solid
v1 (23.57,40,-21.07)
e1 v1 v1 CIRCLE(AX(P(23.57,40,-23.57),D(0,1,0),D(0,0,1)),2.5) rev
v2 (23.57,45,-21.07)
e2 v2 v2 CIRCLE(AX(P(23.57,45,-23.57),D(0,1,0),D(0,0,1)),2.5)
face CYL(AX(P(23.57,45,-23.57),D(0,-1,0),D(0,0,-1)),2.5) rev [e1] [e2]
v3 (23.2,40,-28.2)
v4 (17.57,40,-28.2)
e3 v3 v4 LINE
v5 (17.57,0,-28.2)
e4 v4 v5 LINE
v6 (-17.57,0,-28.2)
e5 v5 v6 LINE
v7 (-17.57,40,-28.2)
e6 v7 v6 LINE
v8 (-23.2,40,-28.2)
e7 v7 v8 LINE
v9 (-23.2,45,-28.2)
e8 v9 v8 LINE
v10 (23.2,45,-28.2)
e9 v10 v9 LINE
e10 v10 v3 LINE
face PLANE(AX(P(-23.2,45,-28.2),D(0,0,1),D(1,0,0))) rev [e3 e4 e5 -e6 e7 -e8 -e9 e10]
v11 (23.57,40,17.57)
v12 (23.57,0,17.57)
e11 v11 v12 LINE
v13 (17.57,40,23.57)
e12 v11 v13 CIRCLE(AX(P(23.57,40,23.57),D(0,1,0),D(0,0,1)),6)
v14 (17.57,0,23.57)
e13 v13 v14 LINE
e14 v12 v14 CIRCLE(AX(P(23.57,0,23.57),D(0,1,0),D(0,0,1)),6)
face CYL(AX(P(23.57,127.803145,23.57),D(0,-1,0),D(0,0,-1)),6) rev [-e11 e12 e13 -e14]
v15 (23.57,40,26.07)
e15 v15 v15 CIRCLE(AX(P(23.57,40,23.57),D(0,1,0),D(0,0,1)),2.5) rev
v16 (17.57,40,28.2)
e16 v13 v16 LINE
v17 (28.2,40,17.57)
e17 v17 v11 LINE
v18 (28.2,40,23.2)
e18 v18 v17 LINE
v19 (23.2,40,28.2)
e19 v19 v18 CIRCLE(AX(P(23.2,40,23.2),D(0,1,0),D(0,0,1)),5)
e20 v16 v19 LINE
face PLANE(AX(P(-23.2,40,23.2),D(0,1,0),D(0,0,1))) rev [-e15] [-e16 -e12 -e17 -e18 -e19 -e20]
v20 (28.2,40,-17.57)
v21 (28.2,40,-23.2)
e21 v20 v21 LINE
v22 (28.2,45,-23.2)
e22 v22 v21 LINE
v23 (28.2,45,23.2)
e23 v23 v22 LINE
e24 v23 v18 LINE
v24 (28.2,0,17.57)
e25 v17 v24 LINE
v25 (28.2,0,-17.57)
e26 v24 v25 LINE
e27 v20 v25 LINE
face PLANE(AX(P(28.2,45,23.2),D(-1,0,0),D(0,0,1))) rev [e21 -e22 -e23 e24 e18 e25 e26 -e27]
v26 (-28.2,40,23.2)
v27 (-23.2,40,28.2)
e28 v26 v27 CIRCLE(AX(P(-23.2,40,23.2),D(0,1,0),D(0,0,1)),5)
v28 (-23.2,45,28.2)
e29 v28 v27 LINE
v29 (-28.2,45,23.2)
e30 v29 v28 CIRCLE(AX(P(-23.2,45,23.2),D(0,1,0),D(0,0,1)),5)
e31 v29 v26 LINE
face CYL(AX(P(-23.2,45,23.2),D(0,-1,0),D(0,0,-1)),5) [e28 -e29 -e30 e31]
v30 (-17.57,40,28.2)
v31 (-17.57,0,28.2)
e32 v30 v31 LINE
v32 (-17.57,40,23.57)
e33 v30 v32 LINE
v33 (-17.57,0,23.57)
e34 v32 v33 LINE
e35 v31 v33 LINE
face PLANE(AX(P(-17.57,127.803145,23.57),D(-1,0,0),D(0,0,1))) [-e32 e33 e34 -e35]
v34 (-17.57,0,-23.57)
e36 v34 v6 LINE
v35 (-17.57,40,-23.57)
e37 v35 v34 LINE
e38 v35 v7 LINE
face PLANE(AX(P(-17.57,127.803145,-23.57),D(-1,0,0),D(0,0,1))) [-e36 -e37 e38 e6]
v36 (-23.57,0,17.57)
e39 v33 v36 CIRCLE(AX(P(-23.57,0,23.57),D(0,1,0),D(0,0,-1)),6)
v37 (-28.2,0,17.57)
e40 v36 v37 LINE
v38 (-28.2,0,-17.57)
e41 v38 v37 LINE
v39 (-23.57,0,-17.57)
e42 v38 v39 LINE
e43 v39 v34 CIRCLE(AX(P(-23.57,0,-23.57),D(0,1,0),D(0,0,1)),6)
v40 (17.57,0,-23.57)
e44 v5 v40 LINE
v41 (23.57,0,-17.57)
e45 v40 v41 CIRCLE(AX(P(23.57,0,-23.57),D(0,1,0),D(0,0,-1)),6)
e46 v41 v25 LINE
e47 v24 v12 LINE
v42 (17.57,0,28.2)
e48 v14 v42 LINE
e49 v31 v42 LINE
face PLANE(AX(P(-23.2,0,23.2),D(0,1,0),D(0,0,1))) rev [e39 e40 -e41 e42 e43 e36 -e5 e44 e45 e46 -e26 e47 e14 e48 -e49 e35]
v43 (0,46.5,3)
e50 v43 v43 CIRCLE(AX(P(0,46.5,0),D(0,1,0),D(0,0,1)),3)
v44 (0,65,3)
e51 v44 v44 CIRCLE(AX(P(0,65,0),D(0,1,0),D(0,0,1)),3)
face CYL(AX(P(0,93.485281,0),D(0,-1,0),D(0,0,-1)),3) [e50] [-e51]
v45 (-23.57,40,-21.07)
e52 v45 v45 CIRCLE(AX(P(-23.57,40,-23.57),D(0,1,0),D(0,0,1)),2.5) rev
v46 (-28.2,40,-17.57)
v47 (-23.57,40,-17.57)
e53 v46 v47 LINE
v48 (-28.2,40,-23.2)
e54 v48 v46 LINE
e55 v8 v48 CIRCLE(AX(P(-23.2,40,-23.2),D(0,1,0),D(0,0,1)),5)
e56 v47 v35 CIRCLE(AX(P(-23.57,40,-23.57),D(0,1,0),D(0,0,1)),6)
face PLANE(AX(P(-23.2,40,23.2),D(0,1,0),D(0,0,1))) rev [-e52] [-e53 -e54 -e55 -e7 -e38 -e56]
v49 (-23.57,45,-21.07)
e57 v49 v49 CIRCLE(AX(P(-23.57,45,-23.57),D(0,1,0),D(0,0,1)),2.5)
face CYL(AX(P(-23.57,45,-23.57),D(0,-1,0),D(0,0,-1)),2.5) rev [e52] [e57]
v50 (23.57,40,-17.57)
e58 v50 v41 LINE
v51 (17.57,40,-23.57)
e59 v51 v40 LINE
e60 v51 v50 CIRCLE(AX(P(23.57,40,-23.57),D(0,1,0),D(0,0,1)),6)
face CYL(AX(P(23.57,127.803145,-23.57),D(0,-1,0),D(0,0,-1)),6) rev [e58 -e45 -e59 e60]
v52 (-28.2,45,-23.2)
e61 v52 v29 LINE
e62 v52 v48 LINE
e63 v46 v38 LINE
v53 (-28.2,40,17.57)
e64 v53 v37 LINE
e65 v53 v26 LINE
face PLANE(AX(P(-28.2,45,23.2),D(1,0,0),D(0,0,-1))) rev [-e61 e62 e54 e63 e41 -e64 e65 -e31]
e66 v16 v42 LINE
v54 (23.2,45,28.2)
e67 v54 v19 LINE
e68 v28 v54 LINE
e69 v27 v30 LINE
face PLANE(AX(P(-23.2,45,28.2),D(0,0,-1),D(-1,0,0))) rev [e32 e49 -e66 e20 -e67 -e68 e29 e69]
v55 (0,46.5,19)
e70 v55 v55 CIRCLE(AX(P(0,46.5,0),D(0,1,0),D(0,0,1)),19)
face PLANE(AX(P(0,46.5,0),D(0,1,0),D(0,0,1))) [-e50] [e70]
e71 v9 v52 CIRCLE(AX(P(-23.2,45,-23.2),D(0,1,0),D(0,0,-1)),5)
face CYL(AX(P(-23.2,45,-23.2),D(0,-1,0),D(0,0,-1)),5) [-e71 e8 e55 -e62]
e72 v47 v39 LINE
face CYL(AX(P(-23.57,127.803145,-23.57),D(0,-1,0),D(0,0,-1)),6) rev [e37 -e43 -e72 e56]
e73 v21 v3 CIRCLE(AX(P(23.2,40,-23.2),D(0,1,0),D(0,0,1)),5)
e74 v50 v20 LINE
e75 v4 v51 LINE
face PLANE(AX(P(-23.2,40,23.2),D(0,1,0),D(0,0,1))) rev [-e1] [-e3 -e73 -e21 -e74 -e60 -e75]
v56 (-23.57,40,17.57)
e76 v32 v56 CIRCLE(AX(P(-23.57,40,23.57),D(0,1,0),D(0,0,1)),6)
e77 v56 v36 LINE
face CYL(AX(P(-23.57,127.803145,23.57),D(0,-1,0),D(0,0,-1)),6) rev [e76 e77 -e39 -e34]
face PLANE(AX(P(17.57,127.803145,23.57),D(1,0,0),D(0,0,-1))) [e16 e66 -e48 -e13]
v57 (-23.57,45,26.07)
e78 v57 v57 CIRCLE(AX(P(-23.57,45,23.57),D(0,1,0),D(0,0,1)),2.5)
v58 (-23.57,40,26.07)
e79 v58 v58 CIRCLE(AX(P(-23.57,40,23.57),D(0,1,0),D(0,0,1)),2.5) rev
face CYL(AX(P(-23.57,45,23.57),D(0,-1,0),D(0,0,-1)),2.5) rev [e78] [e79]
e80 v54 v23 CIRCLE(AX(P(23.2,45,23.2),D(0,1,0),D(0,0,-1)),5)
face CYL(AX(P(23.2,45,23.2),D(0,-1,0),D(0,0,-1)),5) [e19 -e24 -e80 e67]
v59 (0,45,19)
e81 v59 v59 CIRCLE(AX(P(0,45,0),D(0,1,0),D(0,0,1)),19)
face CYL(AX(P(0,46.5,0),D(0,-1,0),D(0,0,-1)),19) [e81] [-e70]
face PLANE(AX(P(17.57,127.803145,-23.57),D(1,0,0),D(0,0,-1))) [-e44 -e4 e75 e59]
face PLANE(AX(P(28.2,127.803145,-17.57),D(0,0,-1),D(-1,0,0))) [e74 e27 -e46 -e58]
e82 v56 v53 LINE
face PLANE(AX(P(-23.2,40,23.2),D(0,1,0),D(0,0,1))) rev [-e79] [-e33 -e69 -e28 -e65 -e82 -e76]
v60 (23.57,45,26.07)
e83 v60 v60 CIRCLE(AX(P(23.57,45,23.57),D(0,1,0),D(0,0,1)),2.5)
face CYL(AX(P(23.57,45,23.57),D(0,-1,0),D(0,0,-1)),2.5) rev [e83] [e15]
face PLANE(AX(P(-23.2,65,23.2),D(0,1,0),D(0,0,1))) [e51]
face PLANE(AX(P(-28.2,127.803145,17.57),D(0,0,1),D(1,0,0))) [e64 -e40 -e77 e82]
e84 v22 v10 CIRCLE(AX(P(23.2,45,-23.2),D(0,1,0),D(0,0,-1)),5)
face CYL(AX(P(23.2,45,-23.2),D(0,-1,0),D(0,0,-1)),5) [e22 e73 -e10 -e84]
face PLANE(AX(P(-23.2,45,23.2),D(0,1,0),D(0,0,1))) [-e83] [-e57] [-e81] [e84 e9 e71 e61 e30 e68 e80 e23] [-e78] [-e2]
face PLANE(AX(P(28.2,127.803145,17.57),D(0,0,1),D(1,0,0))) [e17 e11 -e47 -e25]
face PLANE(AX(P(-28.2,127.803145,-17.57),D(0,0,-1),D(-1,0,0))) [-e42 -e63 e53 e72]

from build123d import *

# Parameters (mm, degrees)
BOSS_EXTRUDE1_DEPTH     = 45
SKETCH3_OUTSIDE_W       = 76.716
SKETCH3_OUTSIDE_H       = 76.716
CUT_EXTRUDE1_DEPTH      = 40
SKETCH4_R               = 2.5
CUT_EXTRUDE3_DEPTH      = 46
CUT_EXTRUDE3_DEPTH_BACK = 1
SKETCH5_R               = 19
BOSS_EXTRUDE2_DEPTH     = 1.5
SKETCH6_R               = 3
BOSS_EXTRUDE3_DEPTH     = 18.5


with BuildPart() as part:
    # Sketch2 → Boss-Extrude1 (new body)
    with BuildSketch(Plane(origin=(0, 0, 0), x_dir=(1, 0, 0), z_dir=(0, 1, 0))):
        with BuildLine():
            Line((-28.2, -23.2), (-28.2, 23.2))
            ThreePointArc((-28.2, 23.2), (-26.735533906, 26.735533906), (-23.2, 28.2))
            Line((-23.2, 28.2), (23.2, 28.2))
            ThreePointArc((23.2, 28.2), (26.735533906, 26.735533906), (28.2, 23.2))
            Line((28.2, 23.2), (28.2, -23.2))
            ThreePointArc((28.2, -23.2), (26.735533906, -26.735533906), (23.2, -28.2))
            Line((23.2, -28.2), (-23.2, -28.2))
            ThreePointArc((-23.2, -28.2), (-26.735533906, -26.735533906), (-28.2, -23.2))
        make_face()
    extrude(amount=BOSS_EXTRUDE1_DEPTH)

    # Sketch3 outside → Cut-Extrude1 (cut)
    with BuildSketch(Plane.XZ):
        Rectangle(SKETCH3_OUTSIDE_W, SKETCH3_OUTSIDE_H)
        with BuildLine():
            Line((-28.2, 17.57), (-23.57, 17.57))
            ThreePointArc((-23.57, 17.57), (-19.327359313, 19.327359313), (-17.57, 23.57))
            Line((-17.57, 23.57), (-17.57, 28.2))
            Line((-17.57, 28.2), (17.57, 28.2))
            Line((17.57, 28.2), (17.57, 23.57))
            ThreePointArc((17.57, 23.57), (19.327359313, 19.327359313), (23.57, 17.57))
            Line((23.57, 17.57), (28.2, 17.57))
            Line((28.2, 17.57), (28.2, -17.57))
            Line((28.2, -17.57), (23.57, -17.57))
            ThreePointArc((23.57, -17.57), (19.327359313, -19.327359313), (17.57, -23.57))
            Line((17.57, -23.57), (17.57, -28.2))
            Line((17.57, -28.2), (-17.57, -28.2))
            Line((-17.57, -28.2), (-17.57, -23.57))
            ThreePointArc((-17.57, -23.57), (-19.327359313, -19.327359313), (-23.57, -17.57))
            Line((-23.57, -17.57), (-28.2, -17.57))
            Line((-28.2, -17.57), (-28.2, 17.57))
        make_face(mode=Mode.SUBTRACT)
    extrude(amount=-CUT_EXTRUDE1_DEPTH, mode=Mode.SUBTRACT)

    # Sketch4 → Cut-Extrude3 (cut, two sides)
    with BuildSketch(Plane(origin=(0, 0, 0), x_dir=(1, 0, 0), z_dir=(0, 1, 0))) as cut_extrude3_sk:
        with Locations((23.57, -23.57)):
            Circle(SKETCH4_R)
        with Locations((-23.57, -23.57)):
            Circle(SKETCH4_R)
        with Locations((23.57, 23.57)):
            Circle(SKETCH4_R)
        with Locations((-23.57, 23.57)):
            Circle(SKETCH4_R)
    extrude(amount=CUT_EXTRUDE3_DEPTH, mode=Mode.SUBTRACT)
    extrude(cut_extrude3_sk.sketch, amount=-CUT_EXTRUDE3_DEPTH_BACK, mode=Mode.SUBTRACT)

    # Sketch5 → Boss-Extrude2 (add)
    with BuildSketch(Plane(origin=(0, 45, 0), x_dir=(1, 0, 0), z_dir=(0, 1, 0))):
        Circle(SKETCH5_R)
    extrude(amount=BOSS_EXTRUDE2_DEPTH)

    # Sketch6 → Boss-Extrude3 (add)
    with BuildSketch(Plane(origin=(0, 46.5, 0), x_dir=(1, 0, 0), z_dir=(0, 1, 0))):
        Circle(SKETCH6_R)
    extrude(amount=BOSS_EXTRUDE3_DEPTH)


solid = part.part
